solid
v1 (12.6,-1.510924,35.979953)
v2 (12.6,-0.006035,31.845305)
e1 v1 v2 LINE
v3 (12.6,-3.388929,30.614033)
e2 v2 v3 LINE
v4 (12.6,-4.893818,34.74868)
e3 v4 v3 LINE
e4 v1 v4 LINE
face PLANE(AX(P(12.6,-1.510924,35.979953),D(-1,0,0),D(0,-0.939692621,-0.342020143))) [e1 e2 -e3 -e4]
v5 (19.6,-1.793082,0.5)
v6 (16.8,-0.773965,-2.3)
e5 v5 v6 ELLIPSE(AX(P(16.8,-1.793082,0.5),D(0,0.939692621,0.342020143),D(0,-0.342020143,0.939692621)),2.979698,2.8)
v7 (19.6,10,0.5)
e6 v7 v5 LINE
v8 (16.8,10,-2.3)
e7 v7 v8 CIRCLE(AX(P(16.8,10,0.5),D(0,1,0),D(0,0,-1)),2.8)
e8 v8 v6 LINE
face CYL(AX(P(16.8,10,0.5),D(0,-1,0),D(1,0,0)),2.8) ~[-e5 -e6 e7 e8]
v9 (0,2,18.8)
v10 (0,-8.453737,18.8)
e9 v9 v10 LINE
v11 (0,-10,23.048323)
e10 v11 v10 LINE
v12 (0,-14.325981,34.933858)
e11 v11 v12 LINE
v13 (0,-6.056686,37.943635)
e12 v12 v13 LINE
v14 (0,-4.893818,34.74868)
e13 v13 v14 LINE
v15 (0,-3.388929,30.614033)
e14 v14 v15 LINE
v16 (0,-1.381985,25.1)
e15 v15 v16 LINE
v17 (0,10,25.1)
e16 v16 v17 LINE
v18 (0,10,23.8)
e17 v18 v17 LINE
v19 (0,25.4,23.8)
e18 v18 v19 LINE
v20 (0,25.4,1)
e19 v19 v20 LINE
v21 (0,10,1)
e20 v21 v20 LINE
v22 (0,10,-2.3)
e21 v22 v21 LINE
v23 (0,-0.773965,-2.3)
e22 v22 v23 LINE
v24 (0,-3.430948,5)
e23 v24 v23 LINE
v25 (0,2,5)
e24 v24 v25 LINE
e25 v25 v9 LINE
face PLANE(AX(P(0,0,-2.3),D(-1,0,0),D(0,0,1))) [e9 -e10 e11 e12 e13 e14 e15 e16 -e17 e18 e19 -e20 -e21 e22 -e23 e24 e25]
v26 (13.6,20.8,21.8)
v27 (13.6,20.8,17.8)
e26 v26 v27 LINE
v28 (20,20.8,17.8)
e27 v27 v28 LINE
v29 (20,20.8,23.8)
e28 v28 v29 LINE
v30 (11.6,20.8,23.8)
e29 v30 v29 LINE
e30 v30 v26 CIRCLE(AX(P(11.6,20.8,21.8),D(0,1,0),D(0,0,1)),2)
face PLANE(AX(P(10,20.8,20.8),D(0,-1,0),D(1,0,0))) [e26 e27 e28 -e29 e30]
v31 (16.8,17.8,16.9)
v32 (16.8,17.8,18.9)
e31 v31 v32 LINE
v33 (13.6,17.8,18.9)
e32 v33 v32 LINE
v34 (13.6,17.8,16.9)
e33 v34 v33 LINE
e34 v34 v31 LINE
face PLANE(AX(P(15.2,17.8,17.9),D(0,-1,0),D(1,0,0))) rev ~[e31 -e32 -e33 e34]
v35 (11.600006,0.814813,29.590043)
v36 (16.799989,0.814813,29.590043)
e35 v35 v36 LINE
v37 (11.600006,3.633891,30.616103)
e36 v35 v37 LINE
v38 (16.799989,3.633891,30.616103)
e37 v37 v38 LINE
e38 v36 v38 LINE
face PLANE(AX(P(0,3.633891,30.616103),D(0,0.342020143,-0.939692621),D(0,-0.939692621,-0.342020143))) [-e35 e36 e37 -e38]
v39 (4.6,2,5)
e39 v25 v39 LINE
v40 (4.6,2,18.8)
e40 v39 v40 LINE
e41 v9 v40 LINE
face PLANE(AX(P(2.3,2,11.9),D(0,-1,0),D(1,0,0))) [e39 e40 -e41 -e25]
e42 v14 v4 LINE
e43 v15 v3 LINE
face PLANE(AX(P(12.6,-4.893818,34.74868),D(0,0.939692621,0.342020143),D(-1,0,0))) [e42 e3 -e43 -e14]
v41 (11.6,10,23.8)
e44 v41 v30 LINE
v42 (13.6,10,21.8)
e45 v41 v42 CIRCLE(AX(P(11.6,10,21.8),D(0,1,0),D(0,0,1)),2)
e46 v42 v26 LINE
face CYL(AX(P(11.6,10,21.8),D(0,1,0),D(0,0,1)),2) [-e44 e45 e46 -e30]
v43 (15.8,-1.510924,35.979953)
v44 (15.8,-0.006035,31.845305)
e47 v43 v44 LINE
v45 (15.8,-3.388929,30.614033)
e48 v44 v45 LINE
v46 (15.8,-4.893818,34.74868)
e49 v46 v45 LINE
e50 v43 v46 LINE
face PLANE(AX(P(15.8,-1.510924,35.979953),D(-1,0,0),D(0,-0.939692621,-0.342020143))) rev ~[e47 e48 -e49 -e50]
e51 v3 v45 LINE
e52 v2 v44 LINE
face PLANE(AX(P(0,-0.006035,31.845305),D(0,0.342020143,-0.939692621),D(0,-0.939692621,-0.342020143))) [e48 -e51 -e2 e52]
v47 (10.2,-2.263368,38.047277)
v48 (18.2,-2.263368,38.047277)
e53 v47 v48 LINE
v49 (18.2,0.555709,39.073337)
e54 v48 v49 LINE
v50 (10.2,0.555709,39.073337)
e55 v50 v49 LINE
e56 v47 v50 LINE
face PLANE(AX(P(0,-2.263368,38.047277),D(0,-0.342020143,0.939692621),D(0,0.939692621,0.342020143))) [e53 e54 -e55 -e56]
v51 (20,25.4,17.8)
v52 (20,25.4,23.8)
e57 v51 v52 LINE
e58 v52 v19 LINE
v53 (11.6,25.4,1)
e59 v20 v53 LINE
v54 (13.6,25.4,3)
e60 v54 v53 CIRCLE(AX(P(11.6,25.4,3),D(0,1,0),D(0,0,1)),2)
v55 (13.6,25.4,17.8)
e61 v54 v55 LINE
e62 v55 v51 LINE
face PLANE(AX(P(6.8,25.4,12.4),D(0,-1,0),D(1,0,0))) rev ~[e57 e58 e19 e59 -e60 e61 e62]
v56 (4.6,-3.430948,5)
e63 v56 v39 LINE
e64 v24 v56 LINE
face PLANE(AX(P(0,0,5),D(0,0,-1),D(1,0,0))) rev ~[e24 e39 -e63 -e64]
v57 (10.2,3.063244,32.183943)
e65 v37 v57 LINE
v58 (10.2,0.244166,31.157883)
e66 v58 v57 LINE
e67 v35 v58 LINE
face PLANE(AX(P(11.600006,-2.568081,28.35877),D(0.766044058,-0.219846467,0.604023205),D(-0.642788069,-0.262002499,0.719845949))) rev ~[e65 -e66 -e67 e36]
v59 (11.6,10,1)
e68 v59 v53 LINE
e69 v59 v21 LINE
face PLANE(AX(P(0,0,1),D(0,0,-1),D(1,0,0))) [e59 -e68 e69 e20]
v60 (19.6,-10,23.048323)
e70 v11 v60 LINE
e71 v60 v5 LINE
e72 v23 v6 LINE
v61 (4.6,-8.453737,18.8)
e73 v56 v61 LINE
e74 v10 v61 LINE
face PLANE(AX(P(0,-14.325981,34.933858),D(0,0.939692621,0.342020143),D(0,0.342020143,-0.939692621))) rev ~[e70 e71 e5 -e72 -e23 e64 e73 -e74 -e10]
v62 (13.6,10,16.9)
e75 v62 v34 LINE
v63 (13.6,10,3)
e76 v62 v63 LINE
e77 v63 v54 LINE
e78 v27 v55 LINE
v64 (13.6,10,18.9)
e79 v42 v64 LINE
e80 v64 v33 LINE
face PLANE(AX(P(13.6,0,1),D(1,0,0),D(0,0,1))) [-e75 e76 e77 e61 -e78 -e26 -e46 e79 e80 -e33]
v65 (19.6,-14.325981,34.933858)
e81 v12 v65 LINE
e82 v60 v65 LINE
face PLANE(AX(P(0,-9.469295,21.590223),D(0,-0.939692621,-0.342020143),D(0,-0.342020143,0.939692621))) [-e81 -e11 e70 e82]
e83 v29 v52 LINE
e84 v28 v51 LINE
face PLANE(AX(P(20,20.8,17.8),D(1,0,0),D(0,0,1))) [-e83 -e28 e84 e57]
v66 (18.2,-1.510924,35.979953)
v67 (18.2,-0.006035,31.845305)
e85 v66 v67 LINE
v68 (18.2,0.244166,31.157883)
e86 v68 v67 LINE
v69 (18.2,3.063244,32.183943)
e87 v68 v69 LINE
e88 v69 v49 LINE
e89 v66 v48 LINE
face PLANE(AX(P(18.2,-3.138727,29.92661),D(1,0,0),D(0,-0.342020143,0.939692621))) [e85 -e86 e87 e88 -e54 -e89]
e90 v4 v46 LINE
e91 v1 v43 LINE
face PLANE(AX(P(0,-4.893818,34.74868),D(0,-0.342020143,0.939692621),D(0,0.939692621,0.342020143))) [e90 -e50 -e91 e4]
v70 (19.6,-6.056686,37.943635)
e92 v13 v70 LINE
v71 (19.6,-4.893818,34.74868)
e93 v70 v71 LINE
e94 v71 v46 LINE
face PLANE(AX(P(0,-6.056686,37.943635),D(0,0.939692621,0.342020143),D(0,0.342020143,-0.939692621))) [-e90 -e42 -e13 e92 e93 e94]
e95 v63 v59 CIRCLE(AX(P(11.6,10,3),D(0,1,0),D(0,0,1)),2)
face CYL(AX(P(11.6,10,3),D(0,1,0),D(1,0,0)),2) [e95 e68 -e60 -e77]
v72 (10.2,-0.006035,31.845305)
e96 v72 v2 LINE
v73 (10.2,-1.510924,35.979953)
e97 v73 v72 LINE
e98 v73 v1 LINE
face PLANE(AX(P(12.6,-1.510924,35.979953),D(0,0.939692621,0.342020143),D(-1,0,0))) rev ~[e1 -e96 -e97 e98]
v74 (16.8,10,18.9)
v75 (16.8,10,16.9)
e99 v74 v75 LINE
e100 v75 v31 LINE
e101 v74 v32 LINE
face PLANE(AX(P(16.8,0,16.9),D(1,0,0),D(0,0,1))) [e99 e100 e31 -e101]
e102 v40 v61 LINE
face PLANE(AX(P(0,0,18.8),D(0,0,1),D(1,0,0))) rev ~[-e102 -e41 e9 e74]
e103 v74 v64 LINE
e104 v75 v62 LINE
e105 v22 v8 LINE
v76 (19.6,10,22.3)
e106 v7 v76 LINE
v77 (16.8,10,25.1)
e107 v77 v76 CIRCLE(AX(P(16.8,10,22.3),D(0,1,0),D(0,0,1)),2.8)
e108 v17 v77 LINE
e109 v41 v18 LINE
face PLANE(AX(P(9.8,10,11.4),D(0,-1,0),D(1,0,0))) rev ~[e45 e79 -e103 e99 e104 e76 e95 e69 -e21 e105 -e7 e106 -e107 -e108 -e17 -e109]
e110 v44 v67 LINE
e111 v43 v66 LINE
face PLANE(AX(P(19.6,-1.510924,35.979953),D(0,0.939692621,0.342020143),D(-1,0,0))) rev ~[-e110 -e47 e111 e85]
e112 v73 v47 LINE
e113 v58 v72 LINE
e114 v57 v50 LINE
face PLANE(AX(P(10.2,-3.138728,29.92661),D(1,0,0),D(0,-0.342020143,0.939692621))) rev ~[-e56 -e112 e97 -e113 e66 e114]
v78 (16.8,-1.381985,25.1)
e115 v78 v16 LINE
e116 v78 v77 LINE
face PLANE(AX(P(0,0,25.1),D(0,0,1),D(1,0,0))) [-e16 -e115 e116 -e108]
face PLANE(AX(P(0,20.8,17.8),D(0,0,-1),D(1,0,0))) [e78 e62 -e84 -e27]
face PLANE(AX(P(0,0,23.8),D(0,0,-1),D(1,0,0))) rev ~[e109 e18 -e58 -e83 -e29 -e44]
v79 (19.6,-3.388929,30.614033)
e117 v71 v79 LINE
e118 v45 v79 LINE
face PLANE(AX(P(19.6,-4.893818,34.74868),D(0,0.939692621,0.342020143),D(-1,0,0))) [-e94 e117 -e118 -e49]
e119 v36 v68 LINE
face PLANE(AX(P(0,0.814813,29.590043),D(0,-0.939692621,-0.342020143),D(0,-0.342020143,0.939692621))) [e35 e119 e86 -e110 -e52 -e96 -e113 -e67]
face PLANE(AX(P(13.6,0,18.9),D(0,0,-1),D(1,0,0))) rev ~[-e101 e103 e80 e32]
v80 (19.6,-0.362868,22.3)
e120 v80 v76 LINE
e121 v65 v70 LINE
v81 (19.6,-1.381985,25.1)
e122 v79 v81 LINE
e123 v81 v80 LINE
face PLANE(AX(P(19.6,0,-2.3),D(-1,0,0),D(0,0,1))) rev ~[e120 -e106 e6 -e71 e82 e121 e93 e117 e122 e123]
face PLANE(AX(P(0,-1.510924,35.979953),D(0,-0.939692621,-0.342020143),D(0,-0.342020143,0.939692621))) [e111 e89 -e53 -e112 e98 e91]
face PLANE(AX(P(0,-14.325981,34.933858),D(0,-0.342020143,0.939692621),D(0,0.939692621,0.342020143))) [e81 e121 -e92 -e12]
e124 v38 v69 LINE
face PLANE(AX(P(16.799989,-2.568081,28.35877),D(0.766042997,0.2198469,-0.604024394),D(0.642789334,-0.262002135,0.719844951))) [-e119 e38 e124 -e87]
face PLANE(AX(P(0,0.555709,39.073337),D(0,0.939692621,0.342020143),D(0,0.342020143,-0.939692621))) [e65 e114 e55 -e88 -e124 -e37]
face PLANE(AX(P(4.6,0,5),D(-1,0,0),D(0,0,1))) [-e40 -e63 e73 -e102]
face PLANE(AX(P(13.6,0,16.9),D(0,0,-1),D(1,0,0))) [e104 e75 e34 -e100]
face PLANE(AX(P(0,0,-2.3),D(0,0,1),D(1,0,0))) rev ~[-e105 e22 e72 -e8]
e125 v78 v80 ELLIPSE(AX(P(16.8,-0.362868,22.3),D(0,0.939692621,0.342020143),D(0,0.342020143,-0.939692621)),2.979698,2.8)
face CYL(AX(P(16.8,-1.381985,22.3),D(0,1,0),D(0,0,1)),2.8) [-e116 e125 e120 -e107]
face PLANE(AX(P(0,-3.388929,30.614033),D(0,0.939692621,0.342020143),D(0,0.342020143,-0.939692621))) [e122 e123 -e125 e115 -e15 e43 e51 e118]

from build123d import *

# Parameters (mm, degrees)
SKETCH_W             = 13.6
SKETCH_H             = 22.8
PAD_DEPTH            = 25.4
SKETCH001_W          = 3.2
SKETCH001_H          = 2
PAD001_DEPTH         = 17.8
PAD002_START         = -20.8
SKETCH002_W          = 20
SKETCH002_H          = 6
PAD002_DEPTH         = 4.6
SKETCH003_W          = 4.6
SKETCH003_H          = 13.6
POCKET_DEPTH         = 3.6
SKETCH005_W          = 19.6
SKETCH005_H          = 27.4
PAD003_DEPTH         = 10
PAD003_DEPTH_BACK    = 10
PAD004_DEPTH         = 19.6
SKETCH008_W          = 12.6
SKETCH008_H          = 3.6
SKETCH008_W_2        = 3.8
POCKET001_DEPTH      = 4.4
POCKET002_DEPTH      = 6.6
POCKET003_DEPTH      = 19.6
SKETCH011_W          = 4.6
SKETCH011_H          = 13.8
POCKET004_DEPTH      = 10
POCKET004_DEPTH_BACK = 2
FILLET_R             = 2.8
FILLET001_R          = 2


with BuildPart() as part:
    # Sketch → Pad (new body)
    with BuildSketch(Plane.XZ):
        with Locations((6.8, 12.4)):
            Rectangle(SKETCH_W, SKETCH_H)
    extrude(amount=-PAD_DEPTH)

    # Sketch001 → Pad001 (join)
    with BuildSketch(Plane.XZ):
        with Locations((15.2, 17.9)):
            Rectangle(SKETCH001_W, SKETCH001_H)
    extrude(amount=-PAD001_DEPTH)

    # Sketch002 → Pad002 (join)
    with BuildSketch(Plane.XZ.offset(PAD002_START)):
        with Locations((10, 20.8)):
            Rectangle(SKETCH002_W, SKETCH002_H)
    extrude(amount=-PAD002_DEPTH)

    # Sketch003 → Pocket (cut)
    with BuildSketch(Plane.XZ):
        with Locations((2.3, 11.4)):
            Rectangle(SKETCH003_W, SKETCH003_H)
    extrude(amount=-POCKET_DEPTH, mode=Mode.SUBTRACT)

    # Sketch005 → Pad003 (join, two sides)
    with BuildSketch(Plane.XZ) as pad003_sk:
        with Locations((9.8, 11.4)):
            Rectangle(SKETCH005_W, SKETCH005_H)
    extrude(amount=-PAD003_DEPTH)
    extrude(pad003_sk.sketch, amount=PAD003_DEPTH_BACK)

    # Sketch007 → Pad004 (join)
    with BuildSketch(Plane.YZ):
        Polygon((-1.2, 24.6), (-9.4692950629, 21.5902227387), (-14.3259810981, 34.9338579539), (-6.0566860352, 37.9436352152), (-4.8938175479, 34.7486803045), (-1.5109241131, 35.9799528205), (-2.2633684284, 38.0472765862), (0.5557094339, 39.0733370162), (3.6338907239, 30.6161034291), (0.8148128615, 29.5900429991), (-0.0060354825, 31.845305289), (-3.3889289173, 30.614032773), align=None)
    extrude(amount=PAD004_DEPTH)

    # Sketch008 (on DatumPlane) → Pocket001 (cut)
    with BuildSketch(Plane(origin=(0, -11.7404784812, 32.2566995207), x_dir=(-1, 0, 0), z_dir=(0, -0.3420201433, 0.9396926208))):
        with Locations((-6.3, -9.0860643809)):
            Rectangle(SKETCH008_W, SKETCH008_H)
        with Locations((-17.7, -9.0860643809)):
            Rectangle(SKETCH008_W_2, SKETCH008_H)
    extrude(amount=-POCKET001_DEPTH, mode=Mode.SUBTRACT)

    # Sketch009 (on DatumPlane) → Pocket002 (cut)
    with BuildSketch(Plane(origin=(0, 6.8466609333, 2.4919807838), x_dir=(1, 0, 0), z_dir=(0, 0.9396926208, 0.3420201433))):
        Polygon((11.600006173, -27.5268626433), (10.2, -29.195323), (10.2, -36.526867), (0, -36.526867), (0, -27.5268626433), align=None)
        Polygon((16.7999894706, -27.5268626433), (18.2, -29.1953225959), (18.2, -36.526867), (19.6, -36.526867), (19.6, -27.5268626433), align=None)
    extrude(amount=POCKET002_DEPTH, mode=Mode.SUBTRACT)

    # Sketch010 → Pocket003 (cut)
    with BuildSketch(Plane.YZ):
        Polygon((-0.773965096, -2.3), (-14.3259810981, -2.3), (-14.3259810981, 34.9338579539), align=None)
    extrude(amount=POCKET003_DEPTH, mode=Mode.SUBTRACT)

    # Sketch011 → Pocket004 (cut, two sides)
    with BuildSketch(Plane.XZ) as pocket004_sk:
        with Locations((2.3, 11.9)):
            Rectangle(SKETCH011_W, SKETCH011_H)
    extrude(amount=POCKET004_DEPTH, mode=Mode.SUBTRACT)
    extrude(pocket004_sk.sketch, amount=-POCKET004_DEPTH_BACK, mode=Mode.SUBTRACT)

    # Fillet
    fillet_edges = [part.edges().sort_by_distance(p)[0] for p in [
        (19.6, 4.309007, 25.1),
        (19.6, 4.613017, -2.3),
    ]]
    fillet(fillet_edges, radius=FILLET_R)

    # Fillet001
    fillet001_edges = [part.edges().sort_by_distance(p)[0] for p in [
        (13.6, 15.4, 23.8),
        (13.6, 17.7, 1),
    ]]
    fillet(fillet001_edges, radius=FILLET001_R)


solid = part.part
